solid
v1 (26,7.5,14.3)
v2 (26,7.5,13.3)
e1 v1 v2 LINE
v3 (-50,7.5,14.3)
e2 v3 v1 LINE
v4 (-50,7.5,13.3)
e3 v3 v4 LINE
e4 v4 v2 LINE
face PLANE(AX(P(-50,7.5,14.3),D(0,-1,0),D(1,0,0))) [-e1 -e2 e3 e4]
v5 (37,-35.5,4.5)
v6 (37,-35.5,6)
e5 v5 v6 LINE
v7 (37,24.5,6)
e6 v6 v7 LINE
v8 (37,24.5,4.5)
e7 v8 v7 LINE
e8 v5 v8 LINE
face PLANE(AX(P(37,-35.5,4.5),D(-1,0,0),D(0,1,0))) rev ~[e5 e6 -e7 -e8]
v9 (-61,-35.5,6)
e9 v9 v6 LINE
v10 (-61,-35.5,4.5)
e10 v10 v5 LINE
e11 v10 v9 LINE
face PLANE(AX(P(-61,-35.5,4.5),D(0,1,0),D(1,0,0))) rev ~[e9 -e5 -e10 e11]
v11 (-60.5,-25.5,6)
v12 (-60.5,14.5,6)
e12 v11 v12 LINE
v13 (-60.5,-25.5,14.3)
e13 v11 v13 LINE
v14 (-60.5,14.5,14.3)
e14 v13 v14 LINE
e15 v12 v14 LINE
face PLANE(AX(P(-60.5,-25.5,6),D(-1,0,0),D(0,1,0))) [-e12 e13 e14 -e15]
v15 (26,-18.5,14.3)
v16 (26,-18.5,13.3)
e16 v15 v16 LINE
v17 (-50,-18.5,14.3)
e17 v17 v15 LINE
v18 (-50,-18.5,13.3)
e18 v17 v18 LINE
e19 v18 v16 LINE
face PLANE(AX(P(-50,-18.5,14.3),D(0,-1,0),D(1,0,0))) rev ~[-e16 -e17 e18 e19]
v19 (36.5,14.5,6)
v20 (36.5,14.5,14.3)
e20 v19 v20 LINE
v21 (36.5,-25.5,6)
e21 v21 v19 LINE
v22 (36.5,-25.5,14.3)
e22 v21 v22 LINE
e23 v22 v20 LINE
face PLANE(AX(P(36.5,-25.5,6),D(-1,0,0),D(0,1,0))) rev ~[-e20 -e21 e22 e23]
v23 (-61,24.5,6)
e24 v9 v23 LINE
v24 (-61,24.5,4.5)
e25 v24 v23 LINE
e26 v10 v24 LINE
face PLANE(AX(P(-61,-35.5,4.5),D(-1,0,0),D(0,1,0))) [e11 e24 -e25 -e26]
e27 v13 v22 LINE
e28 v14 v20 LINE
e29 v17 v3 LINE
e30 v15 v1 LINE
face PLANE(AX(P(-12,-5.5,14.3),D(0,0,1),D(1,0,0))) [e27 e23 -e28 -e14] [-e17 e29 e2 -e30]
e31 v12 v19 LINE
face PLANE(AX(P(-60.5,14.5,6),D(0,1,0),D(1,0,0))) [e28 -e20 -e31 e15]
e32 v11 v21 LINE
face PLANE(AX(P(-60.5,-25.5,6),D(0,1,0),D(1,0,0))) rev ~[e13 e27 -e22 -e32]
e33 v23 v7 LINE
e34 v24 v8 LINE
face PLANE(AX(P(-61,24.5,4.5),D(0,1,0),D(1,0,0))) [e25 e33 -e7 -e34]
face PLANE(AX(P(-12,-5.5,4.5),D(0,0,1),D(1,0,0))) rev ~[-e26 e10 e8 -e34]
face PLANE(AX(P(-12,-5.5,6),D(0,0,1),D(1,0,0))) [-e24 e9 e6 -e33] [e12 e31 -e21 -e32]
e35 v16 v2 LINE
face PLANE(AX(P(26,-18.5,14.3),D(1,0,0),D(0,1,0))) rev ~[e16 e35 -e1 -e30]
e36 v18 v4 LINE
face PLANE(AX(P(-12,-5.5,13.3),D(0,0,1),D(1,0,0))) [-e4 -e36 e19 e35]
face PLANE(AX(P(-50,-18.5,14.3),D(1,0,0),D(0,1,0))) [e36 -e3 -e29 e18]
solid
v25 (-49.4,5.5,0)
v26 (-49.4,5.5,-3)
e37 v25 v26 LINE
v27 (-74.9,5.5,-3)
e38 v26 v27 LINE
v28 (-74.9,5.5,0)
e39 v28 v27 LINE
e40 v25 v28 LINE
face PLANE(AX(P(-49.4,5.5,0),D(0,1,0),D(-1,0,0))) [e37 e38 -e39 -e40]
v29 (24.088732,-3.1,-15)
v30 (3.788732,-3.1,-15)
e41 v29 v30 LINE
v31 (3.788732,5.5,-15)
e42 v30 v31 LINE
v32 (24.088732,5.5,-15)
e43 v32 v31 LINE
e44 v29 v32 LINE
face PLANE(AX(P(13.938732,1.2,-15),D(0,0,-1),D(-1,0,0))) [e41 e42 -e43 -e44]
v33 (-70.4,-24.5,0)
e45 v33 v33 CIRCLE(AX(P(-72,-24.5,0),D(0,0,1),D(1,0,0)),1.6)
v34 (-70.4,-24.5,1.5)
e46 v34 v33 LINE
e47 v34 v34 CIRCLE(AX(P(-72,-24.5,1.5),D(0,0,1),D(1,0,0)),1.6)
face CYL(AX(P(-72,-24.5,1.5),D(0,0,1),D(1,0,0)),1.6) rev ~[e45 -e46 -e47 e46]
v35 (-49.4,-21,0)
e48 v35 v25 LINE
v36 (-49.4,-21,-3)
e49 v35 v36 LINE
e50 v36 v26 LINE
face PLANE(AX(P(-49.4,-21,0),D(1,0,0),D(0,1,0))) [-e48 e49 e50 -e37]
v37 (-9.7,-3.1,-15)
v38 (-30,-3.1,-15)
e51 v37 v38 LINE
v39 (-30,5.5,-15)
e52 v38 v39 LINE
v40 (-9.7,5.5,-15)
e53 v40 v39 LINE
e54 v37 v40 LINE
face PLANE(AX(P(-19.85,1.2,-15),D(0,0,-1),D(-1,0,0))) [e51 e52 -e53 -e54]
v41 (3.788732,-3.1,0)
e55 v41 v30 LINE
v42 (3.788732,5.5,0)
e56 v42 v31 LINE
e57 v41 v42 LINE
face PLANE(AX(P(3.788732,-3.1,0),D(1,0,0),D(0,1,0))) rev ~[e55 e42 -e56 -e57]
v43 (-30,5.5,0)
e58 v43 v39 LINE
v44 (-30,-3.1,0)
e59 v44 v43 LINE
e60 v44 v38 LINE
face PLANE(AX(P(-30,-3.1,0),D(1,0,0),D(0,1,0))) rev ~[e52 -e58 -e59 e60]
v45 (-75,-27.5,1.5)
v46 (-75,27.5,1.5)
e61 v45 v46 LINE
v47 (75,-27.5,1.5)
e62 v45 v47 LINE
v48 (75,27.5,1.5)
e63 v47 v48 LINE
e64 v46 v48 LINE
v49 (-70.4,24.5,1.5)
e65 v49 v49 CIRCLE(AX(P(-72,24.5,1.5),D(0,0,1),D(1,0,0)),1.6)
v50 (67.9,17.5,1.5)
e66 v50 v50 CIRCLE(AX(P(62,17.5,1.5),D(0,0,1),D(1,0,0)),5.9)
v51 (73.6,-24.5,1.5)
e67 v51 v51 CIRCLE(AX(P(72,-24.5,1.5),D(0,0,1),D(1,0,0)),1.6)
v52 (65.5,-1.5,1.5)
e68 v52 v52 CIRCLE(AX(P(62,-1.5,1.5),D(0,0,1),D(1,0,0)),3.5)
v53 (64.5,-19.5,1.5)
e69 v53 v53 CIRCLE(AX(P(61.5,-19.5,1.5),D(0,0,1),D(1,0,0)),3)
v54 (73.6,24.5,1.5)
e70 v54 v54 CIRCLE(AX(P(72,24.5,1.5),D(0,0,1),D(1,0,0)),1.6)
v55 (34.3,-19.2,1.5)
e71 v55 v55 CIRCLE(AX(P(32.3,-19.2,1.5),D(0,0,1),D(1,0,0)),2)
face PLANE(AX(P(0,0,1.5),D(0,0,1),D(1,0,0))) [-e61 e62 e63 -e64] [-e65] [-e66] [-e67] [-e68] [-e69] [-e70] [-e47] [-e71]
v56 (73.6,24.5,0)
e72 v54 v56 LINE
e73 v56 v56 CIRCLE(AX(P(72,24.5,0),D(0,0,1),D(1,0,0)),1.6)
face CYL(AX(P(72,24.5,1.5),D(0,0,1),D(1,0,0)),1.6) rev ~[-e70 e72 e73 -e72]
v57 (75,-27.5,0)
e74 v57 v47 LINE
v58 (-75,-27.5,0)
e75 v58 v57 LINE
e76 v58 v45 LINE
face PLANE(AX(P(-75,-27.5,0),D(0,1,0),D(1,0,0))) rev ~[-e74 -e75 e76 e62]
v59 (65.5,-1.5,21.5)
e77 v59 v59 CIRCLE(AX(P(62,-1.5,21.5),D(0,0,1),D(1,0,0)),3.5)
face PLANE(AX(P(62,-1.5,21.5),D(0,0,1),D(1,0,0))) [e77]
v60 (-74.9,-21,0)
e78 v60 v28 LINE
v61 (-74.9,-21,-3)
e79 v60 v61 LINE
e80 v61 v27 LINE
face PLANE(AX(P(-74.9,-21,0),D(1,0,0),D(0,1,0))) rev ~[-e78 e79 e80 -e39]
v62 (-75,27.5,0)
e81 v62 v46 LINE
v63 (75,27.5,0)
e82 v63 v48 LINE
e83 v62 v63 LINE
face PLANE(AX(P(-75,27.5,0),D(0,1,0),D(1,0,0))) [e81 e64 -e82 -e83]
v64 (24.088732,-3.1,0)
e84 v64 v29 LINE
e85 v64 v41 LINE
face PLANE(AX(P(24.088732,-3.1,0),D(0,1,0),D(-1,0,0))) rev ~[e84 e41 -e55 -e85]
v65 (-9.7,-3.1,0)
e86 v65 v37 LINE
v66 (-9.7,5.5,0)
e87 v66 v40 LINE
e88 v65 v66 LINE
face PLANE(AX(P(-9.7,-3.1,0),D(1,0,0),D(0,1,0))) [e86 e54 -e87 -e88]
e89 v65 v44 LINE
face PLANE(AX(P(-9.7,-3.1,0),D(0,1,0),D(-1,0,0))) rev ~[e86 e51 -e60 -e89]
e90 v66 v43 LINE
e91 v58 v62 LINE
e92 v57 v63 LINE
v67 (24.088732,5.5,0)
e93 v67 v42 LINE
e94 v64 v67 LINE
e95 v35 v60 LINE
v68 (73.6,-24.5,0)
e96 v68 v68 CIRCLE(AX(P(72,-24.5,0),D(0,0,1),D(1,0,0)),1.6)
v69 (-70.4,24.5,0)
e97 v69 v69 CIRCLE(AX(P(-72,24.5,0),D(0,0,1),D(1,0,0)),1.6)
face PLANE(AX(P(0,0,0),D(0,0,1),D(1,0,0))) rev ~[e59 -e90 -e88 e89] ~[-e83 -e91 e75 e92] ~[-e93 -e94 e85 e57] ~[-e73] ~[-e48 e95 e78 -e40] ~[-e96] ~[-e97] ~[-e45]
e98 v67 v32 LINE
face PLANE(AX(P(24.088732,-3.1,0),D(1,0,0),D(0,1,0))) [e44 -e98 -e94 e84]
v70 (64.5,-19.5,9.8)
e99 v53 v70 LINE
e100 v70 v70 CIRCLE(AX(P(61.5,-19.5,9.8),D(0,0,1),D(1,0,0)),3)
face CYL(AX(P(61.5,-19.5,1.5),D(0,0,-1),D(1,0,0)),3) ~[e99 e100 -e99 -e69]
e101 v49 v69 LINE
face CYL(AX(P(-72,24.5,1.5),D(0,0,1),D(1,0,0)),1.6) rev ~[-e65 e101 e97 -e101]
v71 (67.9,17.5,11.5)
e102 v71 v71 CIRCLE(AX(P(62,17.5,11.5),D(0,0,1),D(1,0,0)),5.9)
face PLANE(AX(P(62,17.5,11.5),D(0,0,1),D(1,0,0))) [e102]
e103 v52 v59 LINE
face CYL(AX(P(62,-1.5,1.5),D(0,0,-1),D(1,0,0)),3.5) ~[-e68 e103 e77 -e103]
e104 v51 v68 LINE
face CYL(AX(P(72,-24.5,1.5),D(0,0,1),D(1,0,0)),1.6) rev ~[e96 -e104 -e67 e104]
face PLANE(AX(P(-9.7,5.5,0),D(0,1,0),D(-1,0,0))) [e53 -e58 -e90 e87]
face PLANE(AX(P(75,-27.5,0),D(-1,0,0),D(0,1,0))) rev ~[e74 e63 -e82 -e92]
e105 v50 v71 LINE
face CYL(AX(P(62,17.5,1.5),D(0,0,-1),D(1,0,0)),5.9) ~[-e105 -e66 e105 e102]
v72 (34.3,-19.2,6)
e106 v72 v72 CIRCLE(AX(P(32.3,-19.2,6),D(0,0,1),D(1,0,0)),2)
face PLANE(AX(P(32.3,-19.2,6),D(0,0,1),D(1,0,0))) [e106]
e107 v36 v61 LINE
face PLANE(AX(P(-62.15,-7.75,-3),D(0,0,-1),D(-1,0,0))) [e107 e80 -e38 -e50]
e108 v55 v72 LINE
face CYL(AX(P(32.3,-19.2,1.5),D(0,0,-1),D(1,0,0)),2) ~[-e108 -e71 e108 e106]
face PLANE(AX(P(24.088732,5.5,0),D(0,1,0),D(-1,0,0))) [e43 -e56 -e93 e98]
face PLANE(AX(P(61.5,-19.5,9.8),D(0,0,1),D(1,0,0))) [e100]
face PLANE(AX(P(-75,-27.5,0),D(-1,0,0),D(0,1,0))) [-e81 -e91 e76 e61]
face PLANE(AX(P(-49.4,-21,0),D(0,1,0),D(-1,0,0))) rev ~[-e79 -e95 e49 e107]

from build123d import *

# Parameters (mm, degrees)
ESBO_O1_W                = 150
ESBO_O1_H                = 55
RESSALTO_EXTRUS_O1_DEPTH = 1.5
RESSALTO_EXTRUS_O2_START = 3
ESBO_O3_W                = 98
ESBO_O3_H                = 60
RESSALTO_EXTRUS_O2_DEPTH = 1.5
ESBO_O4_W                = 97
ESBO_O4_H                = 40
RESSALTO_EXTRUS_O3_DEPTH = 8.3
ESBO_O5_W                = 76
ESBO_O5_H                = 26
CORTE_EXTRUS_O1_DEPTH    = 1
ESBO_O6_R                = 3.5
RESSALTO_EXTRUS_O4_DEPTH = 20
ESBO_O7_R                = 2
RESSALTO_EXTRUS_O5_DEPTH = 4.5
ESBO_O8_R                = 5.9
RESSALTO_EXTRUS_O6_DEPTH = 10
ESBO_O9_R                = 3
RESSALTO_EXTRUS_O7_DEPTH = 8.3
ESBO_O11_W               = 20.3
ESBO_O11_H               = 8.6
RESSALTO_EXTRUS_O8_DEPTH = 15
ESBO_O12_W               = 25.5
ESBO_O12_H               = 26.5
RESSALTO_EXTRUS_O9_DEPTH = 3
ESBO_O13_R               = 1.6
CORTE_EXTRUS_O2_DEPTH    = 10


with BuildPart() as part:
    # Esboço1 → Ressalto-extrusão1 (new body)
    with BuildSketch(Plane.XY):
        Rectangle(ESBO_O1_W, ESBO_O1_H)
    extrude(amount=RESSALTO_EXTRUS_O1_DEPTH)

    # Esboço6 → Ressalto-extrusão4 (add)
    with BuildSketch(Plane.XY.offset(1.5)):
        with Locations((62, -1.5)):
            Circle(ESBO_O6_R)
    extrude(amount=RESSALTO_EXTRUS_O4_DEPTH)

    # Esboço7 → Ressalto-extrusão5 (add)
    with BuildSketch(Plane.XY.offset(1.5)):
        with Locations((32.3, -19.2)):
            Circle(ESBO_O7_R)
    extrude(amount=RESSALTO_EXTRUS_O5_DEPTH)

    # Esboço8 → Ressalto-extrusão6 (add)
    with BuildSketch(Plane.XY.offset(1.5)):
        with Locations((62, 17.5)):
            Circle(ESBO_O8_R)
    extrude(amount=RESSALTO_EXTRUS_O6_DEPTH)

    # Esboço9 → Ressalto-extrusão7 (add)
    with BuildSketch(Plane.XY.offset(1.5)):
        with Locations((61.5, -19.5)):
            Circle(ESBO_O9_R)
    extrude(amount=RESSALTO_EXTRUS_O7_DEPTH)

    # Esboço11 → Ressalto-extrusão8 (add)
    with BuildSketch(Plane(origin=(0, 0, 0), x_dir=(-1, 0, 0), z_dir=(0, 0, -1))):
        with Locations((-13.938731824, 1.2)):
            Rectangle(ESBO_O11_W, ESBO_O11_H)
        with Locations((19.85, 1.2)):
            Rectangle(ESBO_O11_W, ESBO_O11_H)
    extrude(amount=RESSALTO_EXTRUS_O8_DEPTH)

    # Esboço12 → Ressalto-extrusão9 (add)
    with BuildSketch(Plane(origin=(0, 0, 0), x_dir=(-1, 0, 0), z_dir=(0, 0, -1))):
        with Locations((62.15, -7.75)):
            Rectangle(ESBO_O12_W, ESBO_O12_H)
    extrude(amount=RESSALTO_EXTRUS_O9_DEPTH)

    # Esboço13 → Corte-extrusão2 (cut)
    with BuildSketch(Plane.XY.offset(1.5)):
        with Locations((-72, 24.5)):
            Circle(ESBO_O13_R)
        with Locations((-72, -24.5)):
            Circle(ESBO_O13_R)
        with Locations((72, -24.5)):
            Circle(ESBO_O13_R)
        with Locations((72, 24.5)):
            Circle(ESBO_O13_R)
    extrude(amount=-CORTE_EXTRUS_O2_DEPTH, mode=Mode.SUBTRACT)


with BuildPart() as body_2:
    # Esboço3 → Ressalto-extrusão2 (new body)
    with BuildSketch(Plane.XY.offset(1.5).offset(RESSALTO_EXTRUS_O2_START)):
        with Locations((-12, -5.5)):
            Rectangle(ESBO_O3_W, ESBO_O3_H)
    extrude(amount=RESSALTO_EXTRUS_O2_DEPTH)

    # Esboço4 → Ressalto-extrusão3 (add)
    with BuildSketch(Plane.XY.offset(6)):
        with Locations((-12, -5.5)):
            Rectangle(ESBO_O4_W, ESBO_O4_H)
    extrude(amount=RESSALTO_EXTRUS_O3_DEPTH)

    # Esboço5 → Corte-extrusão1 (cut)
    with BuildSketch(Plane.XY.offset(14.3)):
        with Locations((-12, -5.5)):
            Rectangle(ESBO_O5_W, ESBO_O5_H)
    extrude(amount=-CORTE_EXTRUS_O1_DEPTH, mode=Mode.SUBTRACT)


solid = Compound([part.part, body_2.part])
